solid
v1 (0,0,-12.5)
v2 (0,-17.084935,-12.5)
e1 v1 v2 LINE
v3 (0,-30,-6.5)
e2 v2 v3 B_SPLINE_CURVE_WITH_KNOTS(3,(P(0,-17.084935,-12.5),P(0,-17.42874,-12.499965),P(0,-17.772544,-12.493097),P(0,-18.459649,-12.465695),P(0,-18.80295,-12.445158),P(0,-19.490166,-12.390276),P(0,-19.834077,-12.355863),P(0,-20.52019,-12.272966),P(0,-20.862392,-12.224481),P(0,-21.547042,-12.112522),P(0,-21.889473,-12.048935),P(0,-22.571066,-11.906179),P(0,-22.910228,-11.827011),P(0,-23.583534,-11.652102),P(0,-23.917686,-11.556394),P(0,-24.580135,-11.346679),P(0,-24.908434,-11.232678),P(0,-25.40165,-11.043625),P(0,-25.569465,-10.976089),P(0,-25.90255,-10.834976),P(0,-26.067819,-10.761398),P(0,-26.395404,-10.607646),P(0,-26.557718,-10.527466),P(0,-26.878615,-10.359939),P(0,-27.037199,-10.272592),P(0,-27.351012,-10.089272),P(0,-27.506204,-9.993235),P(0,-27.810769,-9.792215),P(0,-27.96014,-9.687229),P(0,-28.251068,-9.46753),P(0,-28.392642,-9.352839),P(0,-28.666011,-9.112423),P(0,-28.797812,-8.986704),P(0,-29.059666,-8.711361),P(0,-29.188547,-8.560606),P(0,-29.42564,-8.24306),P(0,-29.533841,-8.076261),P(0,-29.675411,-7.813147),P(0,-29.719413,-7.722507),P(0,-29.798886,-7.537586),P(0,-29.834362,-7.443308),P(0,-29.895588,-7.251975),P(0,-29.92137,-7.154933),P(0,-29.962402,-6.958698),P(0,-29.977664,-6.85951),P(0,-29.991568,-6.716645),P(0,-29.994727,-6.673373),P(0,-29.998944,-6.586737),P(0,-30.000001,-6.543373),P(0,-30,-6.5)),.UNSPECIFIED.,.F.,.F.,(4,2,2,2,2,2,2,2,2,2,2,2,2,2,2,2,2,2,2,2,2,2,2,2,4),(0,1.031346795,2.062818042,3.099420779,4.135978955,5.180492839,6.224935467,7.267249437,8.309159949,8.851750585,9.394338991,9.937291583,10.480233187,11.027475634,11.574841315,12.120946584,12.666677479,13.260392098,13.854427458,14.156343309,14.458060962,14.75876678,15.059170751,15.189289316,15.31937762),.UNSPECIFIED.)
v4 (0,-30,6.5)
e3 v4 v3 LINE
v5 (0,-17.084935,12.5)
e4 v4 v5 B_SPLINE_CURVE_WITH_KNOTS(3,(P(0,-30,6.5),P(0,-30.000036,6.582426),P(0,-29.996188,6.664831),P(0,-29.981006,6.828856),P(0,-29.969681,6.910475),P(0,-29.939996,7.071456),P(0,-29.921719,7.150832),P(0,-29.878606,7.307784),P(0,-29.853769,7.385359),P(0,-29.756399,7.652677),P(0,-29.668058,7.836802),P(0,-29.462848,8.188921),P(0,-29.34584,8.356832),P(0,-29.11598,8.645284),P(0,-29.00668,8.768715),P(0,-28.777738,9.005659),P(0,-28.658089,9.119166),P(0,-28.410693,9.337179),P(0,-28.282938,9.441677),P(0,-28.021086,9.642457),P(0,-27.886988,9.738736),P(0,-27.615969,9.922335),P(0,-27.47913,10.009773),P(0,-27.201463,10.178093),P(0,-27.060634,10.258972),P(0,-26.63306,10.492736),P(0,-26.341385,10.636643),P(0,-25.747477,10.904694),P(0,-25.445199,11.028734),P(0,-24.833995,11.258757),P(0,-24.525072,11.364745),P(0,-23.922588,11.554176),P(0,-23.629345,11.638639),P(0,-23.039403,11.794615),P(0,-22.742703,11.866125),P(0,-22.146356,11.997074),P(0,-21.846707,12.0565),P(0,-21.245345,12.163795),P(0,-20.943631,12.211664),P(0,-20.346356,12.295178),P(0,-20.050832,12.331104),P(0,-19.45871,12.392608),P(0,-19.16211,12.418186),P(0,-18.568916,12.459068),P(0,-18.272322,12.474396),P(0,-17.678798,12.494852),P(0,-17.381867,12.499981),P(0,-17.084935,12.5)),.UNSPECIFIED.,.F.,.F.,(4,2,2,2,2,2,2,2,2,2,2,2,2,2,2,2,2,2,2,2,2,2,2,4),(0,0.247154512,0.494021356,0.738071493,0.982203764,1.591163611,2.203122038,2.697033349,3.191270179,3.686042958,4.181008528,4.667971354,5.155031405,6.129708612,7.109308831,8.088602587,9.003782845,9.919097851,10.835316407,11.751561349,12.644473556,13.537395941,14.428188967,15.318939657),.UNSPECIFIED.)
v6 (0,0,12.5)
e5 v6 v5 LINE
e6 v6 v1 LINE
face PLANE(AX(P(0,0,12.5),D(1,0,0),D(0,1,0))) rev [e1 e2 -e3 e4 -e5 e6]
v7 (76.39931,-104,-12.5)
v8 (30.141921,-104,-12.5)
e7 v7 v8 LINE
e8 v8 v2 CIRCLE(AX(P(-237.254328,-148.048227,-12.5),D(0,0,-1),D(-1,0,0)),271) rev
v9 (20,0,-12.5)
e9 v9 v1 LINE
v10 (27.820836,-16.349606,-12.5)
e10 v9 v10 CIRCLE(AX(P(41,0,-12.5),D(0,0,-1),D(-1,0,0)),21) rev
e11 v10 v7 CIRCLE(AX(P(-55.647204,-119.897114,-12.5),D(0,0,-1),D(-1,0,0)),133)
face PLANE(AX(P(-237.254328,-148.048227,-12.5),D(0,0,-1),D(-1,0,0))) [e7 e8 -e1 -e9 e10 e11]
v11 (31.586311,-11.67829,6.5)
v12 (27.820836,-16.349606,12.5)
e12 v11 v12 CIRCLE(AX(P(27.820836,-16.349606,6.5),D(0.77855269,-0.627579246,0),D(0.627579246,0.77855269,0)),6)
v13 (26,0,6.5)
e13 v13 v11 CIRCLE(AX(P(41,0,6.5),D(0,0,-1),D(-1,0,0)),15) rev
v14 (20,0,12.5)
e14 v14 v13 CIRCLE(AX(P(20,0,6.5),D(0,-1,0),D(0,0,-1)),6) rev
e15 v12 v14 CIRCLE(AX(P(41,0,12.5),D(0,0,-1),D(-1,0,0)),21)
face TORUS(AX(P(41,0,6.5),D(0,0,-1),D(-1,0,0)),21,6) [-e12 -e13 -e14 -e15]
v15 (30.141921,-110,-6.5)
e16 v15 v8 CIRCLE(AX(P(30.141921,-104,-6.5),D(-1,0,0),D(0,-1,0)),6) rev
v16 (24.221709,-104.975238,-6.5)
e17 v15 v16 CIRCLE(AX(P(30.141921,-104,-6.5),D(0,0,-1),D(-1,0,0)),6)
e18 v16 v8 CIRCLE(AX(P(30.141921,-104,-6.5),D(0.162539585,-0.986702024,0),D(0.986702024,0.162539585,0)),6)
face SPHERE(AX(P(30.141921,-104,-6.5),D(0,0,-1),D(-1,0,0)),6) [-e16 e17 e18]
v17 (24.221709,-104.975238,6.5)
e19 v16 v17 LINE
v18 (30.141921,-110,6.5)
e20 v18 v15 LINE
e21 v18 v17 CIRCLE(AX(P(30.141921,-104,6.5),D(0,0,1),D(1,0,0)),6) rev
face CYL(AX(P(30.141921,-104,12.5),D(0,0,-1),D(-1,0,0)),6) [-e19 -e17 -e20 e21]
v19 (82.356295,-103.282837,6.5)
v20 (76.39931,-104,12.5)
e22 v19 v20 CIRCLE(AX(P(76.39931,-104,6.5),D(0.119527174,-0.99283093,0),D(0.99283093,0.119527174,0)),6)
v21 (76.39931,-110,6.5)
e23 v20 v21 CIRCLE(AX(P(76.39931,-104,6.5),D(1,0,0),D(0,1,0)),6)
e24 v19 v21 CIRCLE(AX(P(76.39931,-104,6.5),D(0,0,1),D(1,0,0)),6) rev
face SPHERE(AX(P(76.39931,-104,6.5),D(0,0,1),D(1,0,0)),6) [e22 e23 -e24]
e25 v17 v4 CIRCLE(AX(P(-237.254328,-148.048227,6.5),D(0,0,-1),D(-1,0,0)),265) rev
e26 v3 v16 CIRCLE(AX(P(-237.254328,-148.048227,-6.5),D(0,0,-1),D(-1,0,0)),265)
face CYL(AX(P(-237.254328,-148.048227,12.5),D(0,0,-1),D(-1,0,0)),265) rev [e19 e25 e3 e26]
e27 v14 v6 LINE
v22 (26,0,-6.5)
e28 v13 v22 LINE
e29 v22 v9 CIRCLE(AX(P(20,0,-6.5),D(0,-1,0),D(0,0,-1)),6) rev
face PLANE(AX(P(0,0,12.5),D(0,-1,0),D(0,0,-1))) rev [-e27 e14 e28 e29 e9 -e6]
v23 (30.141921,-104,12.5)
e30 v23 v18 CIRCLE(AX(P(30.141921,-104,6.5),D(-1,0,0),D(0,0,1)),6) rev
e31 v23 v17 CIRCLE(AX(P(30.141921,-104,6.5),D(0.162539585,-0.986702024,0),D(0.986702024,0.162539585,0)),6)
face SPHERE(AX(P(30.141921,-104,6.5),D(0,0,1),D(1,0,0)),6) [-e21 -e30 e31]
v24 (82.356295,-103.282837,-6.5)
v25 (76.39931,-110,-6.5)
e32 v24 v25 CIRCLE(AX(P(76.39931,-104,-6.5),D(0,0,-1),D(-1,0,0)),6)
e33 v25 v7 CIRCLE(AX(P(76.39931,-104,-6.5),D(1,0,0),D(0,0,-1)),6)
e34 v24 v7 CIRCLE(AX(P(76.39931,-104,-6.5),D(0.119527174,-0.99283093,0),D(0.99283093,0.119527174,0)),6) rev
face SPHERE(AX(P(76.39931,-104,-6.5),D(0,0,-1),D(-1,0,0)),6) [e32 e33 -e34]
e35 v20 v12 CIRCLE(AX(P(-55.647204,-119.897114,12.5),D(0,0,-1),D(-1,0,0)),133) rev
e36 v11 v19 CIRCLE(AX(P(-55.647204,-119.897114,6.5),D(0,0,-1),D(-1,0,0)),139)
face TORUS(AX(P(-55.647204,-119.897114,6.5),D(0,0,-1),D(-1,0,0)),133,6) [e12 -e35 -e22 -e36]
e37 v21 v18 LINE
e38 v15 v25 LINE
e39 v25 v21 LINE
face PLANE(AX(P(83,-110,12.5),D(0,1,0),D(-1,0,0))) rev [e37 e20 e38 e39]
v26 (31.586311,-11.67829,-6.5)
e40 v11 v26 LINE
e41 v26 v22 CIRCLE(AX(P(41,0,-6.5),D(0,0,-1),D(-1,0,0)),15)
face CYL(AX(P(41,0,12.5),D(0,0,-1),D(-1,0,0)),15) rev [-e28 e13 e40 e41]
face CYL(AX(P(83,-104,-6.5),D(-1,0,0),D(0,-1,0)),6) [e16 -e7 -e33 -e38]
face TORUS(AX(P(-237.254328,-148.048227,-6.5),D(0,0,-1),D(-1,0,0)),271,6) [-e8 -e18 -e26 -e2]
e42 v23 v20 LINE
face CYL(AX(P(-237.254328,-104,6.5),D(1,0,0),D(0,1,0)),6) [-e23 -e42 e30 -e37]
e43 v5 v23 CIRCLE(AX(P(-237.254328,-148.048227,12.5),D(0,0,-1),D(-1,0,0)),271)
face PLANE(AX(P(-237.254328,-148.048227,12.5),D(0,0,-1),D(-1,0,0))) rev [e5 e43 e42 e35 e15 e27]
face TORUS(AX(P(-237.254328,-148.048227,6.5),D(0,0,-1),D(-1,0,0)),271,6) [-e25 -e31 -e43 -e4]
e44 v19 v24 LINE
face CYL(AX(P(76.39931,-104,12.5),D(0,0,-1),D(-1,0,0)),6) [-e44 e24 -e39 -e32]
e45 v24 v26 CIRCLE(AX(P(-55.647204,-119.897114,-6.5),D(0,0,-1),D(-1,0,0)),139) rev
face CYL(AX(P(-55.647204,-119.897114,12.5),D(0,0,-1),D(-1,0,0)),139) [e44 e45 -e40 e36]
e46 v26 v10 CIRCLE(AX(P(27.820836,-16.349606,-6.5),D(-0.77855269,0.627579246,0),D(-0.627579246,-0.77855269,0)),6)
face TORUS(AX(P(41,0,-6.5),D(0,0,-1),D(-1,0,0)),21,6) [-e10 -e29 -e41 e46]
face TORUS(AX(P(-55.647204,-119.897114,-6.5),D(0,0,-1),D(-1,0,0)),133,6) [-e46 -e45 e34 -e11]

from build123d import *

# Parameters (mm, degrees)
EXTRUDE_1_DEPTH = 12.5
FILLET_1_R      = 6


with BuildPart() as part:
    # 草图1 → 凸台-拉伸1 (new, symmetric)
    with BuildSketch(Plane.XY):
        with BuildLine():
            Line((0, 0), (26, 0))
            ThreePointArc((26, 0), (27.468456661, -6.472815065), (31.586311315, -11.678290343))
            ThreePointArc((31.586311315, -11.678290343), (67.528745318, -55.48682347), (83, -110))
            Line((83, -110), (25, -110))
            ThreePointArc((25, -110), (15.68286649, -69.005354222), (0, -30))
            Line((0, -30), (0, 0))
        make_face()
    extrude(amount=EXTRUDE_1_DEPTH, both=True)

    # 圆角1
    fillet_1_edges = [part.edges().sort_by_distance(p)[0] for p in [
        (83, -110, 0),
        (25, -110, 0),
        (54, -110, 12.5),
        (67.528745318, -55.48682347, 12.5),
        (27.468456661, -6.472815065, 12.5),
        (27.468456661, -6.472815065, -12.5),
        (67.528745318, -55.48682347, -12.5),
        (54, -110, -12.5),
        (15.68286649, -69.005354222, -12.5),
        (15.68286649, -69.005354222, 12.5),
    ]]
    fillet(fillet_1_edges, radius=FILLET_1_R)


solid = part.part
